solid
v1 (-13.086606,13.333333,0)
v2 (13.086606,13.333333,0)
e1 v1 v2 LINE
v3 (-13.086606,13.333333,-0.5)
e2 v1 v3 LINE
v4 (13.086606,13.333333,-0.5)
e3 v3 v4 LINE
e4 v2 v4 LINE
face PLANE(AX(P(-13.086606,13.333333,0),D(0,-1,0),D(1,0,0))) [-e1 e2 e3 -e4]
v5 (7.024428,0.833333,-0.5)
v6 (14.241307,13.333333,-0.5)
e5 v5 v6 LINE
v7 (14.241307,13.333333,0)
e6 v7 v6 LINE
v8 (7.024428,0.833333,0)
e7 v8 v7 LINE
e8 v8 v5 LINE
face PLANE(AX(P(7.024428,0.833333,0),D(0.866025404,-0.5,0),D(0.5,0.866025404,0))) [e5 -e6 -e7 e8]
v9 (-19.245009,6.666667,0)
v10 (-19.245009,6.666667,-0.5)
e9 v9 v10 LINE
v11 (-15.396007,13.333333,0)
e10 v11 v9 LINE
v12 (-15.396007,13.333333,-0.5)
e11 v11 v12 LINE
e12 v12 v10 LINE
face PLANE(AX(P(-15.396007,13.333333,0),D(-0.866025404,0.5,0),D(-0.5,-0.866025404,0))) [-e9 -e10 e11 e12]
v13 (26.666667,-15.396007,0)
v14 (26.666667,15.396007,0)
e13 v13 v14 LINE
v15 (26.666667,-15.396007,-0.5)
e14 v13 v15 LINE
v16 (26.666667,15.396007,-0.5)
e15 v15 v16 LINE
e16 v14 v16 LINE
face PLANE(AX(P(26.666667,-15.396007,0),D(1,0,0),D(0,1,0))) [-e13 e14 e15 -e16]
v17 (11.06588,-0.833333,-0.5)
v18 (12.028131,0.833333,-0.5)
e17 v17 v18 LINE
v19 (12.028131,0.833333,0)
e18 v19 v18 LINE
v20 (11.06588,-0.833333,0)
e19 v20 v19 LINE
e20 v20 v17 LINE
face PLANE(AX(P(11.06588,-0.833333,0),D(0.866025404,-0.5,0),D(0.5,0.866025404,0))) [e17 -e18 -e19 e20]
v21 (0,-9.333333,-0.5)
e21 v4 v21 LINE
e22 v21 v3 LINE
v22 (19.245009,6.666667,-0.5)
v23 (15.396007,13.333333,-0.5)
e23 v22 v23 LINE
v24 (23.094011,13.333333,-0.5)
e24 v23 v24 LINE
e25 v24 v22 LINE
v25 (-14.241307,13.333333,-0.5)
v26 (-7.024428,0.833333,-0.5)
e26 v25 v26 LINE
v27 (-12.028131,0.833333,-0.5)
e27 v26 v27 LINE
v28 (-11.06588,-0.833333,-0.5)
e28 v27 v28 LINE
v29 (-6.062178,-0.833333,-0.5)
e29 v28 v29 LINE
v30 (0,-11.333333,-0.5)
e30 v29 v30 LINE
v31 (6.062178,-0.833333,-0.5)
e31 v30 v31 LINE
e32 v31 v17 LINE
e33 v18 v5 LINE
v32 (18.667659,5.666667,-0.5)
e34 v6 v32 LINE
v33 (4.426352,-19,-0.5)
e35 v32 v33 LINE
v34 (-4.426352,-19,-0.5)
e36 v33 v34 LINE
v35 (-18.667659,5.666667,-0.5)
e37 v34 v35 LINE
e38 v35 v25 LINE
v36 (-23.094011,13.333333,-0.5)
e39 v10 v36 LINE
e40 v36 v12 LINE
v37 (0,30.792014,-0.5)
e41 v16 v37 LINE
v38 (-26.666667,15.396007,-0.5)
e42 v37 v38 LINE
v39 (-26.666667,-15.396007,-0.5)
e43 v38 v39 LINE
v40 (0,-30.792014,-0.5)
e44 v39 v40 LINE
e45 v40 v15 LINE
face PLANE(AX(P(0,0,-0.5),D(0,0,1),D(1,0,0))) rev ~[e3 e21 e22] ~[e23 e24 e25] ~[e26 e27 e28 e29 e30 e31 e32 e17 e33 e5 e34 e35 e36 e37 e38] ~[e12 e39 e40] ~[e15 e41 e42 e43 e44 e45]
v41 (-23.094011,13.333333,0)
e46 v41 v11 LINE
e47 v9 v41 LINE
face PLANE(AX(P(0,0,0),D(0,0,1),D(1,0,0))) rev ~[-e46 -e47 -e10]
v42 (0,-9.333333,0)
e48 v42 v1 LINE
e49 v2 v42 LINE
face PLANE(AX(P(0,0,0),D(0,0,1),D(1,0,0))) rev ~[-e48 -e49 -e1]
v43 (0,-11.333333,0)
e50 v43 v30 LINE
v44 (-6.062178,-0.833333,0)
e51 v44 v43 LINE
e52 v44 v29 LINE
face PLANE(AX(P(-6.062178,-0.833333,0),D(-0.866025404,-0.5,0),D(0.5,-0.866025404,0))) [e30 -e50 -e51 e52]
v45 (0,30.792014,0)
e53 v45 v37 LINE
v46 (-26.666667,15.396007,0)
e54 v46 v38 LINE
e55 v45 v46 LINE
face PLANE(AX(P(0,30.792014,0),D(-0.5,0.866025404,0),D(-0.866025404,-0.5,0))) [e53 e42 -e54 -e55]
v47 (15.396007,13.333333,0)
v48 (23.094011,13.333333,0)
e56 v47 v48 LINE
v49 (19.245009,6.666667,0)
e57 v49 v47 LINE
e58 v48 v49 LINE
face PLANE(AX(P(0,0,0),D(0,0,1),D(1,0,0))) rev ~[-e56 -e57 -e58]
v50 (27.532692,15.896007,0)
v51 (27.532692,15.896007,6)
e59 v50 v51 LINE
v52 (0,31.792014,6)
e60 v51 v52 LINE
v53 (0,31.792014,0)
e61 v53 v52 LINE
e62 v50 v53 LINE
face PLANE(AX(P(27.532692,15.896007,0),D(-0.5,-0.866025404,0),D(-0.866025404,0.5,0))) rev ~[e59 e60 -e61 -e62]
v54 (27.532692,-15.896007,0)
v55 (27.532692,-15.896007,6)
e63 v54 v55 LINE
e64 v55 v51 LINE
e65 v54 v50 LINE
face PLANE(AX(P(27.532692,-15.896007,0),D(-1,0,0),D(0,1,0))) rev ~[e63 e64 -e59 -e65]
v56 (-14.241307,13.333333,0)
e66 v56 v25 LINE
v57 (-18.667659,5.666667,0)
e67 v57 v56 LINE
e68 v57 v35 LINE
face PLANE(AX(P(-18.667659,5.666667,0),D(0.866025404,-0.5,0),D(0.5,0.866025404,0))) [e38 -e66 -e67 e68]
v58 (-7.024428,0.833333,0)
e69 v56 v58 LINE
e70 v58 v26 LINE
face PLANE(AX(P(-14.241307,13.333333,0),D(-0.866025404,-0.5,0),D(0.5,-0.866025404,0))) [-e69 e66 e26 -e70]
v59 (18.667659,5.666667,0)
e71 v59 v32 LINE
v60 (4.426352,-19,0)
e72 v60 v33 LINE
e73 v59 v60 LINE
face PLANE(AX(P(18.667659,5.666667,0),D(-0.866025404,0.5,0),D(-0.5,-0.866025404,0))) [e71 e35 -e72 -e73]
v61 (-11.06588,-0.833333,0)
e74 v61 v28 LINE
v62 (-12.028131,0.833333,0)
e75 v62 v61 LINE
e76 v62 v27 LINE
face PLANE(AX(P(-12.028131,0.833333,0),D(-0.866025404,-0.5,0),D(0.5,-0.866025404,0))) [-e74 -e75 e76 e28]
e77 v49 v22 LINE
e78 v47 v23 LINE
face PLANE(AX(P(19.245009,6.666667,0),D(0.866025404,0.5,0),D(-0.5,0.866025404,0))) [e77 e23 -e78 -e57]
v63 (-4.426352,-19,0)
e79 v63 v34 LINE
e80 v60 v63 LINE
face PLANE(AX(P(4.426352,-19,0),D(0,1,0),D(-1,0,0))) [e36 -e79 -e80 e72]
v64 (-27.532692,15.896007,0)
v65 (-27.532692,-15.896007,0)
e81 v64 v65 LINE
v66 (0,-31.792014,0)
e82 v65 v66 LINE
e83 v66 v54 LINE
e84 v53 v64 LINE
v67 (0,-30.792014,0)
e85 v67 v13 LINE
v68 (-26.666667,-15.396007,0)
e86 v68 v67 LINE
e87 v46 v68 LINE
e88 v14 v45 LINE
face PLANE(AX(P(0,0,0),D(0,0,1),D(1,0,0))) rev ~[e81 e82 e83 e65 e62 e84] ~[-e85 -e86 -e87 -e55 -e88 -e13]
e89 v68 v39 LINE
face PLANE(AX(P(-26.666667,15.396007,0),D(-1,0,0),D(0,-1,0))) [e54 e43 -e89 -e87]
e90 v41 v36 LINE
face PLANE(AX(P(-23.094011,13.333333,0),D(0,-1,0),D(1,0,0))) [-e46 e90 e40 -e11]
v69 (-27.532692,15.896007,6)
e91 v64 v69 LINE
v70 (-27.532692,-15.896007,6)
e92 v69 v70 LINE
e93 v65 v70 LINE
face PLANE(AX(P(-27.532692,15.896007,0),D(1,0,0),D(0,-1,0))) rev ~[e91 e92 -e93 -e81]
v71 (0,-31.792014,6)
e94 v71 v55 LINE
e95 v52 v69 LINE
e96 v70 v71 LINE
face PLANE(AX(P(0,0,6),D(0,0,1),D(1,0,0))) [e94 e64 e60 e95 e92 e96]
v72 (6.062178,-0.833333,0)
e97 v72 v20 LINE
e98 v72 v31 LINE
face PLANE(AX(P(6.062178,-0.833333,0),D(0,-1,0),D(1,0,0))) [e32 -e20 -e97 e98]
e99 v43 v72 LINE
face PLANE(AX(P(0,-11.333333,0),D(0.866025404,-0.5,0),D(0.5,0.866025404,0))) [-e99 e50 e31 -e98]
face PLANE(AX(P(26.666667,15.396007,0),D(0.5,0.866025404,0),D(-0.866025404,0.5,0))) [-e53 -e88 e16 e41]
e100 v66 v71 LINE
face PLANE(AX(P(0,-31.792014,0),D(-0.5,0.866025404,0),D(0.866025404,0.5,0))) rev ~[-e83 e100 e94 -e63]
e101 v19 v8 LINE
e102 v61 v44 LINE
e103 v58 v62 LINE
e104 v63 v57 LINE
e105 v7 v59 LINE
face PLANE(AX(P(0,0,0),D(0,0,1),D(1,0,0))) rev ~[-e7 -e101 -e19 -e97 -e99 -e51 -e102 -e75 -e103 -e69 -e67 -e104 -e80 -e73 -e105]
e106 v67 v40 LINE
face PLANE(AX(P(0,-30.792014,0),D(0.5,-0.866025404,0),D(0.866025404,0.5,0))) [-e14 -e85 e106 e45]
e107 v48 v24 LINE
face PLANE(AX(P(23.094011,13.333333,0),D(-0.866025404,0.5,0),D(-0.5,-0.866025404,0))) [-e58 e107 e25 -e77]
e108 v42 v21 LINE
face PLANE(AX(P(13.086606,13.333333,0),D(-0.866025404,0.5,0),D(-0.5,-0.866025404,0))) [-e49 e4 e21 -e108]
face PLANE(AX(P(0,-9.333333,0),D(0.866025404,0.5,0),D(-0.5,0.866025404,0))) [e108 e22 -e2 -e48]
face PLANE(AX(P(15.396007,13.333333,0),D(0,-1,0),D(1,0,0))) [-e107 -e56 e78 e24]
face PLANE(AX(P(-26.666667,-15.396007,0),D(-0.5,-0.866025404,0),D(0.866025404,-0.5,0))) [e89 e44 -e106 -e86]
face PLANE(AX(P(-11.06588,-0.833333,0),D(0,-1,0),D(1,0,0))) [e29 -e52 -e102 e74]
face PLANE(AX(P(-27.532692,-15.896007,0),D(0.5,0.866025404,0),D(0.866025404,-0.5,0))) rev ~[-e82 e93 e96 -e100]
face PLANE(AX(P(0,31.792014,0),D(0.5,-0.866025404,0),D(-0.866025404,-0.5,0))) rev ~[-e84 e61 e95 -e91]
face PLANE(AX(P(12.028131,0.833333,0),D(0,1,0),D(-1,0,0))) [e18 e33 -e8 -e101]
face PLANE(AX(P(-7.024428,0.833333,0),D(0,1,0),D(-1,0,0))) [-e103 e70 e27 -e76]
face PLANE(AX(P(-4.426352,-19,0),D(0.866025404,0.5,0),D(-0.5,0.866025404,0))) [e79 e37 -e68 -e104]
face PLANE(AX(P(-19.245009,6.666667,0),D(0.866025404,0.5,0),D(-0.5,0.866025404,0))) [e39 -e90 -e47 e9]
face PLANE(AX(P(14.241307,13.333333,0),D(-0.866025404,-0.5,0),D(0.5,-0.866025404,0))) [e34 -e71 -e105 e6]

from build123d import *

# Parameters (mm, degrees)
BOSS_EXTRUDE1_DEPTH = 6
BOSS_EXTRUDE2_DEPTH = 0.5


with BuildPart() as part:
    # Sketch1 → Boss-Extrude1 (new body)
    with BuildSketch(Plane.XY):
        Polygon((27.53269207, 15.896007178), (0, 31.792014357), (-27.53269207, 15.896007178), (-27.53269207, -15.896007178), (0, -31.792014357), (27.53269207, -15.896007178), align=None)
    extrude(amount=BOSS_EXTRUDE1_DEPTH)

    # Sketch1<3> → Boss-Extrude2 (add)
    with BuildSketch(Plane.XY):
        Polygon((26.666666667, 15.396007178), (0, 30.792014357), (-26.666666667, 15.396007178), (-26.666666667, -15.396007178), (0, -30.792014357), (26.666666667, -15.396007178), align=None)
        Polygon((12.028130608, 0.833333333), (7.024428275, 0.833333333), (14.24130664, 13.333333333), (18.667658704, 5.666666667), (4.426352064, -19), (-4.426352064, -19), (-18.667658704, 5.666666667), (-14.24130664, 13.333333333), (-7.024428275, 0.833333333), (-12.028130608, 0.833333333), (-11.065880159, -0.833333333), (-6.062177826, -0.833333333), (0, -11.333333333), (6.062177826, -0.833333333), (11.065880159, -0.833333333), align=None, mode=Mode.SUBTRACT)
        Polygon((-15.396007178, 13.333333333), (-19.245008973, 6.666666667), (-23.094010768, 13.333333333), align=None, mode=Mode.SUBTRACT)
        Polygon((0, -9.333333333), (-13.086606102, 13.333333333), (13.086606102, 13.333333333), align=None, mode=Mode.SUBTRACT)
        Polygon((23.094010768, 13.333333333), (19.245008973, 6.666666667), (15.396007178, 13.333333333), align=None, mode=Mode.SUBTRACT)
    extrude(amount=-BOSS_EXTRUDE2_DEPTH)


solid = part.part
